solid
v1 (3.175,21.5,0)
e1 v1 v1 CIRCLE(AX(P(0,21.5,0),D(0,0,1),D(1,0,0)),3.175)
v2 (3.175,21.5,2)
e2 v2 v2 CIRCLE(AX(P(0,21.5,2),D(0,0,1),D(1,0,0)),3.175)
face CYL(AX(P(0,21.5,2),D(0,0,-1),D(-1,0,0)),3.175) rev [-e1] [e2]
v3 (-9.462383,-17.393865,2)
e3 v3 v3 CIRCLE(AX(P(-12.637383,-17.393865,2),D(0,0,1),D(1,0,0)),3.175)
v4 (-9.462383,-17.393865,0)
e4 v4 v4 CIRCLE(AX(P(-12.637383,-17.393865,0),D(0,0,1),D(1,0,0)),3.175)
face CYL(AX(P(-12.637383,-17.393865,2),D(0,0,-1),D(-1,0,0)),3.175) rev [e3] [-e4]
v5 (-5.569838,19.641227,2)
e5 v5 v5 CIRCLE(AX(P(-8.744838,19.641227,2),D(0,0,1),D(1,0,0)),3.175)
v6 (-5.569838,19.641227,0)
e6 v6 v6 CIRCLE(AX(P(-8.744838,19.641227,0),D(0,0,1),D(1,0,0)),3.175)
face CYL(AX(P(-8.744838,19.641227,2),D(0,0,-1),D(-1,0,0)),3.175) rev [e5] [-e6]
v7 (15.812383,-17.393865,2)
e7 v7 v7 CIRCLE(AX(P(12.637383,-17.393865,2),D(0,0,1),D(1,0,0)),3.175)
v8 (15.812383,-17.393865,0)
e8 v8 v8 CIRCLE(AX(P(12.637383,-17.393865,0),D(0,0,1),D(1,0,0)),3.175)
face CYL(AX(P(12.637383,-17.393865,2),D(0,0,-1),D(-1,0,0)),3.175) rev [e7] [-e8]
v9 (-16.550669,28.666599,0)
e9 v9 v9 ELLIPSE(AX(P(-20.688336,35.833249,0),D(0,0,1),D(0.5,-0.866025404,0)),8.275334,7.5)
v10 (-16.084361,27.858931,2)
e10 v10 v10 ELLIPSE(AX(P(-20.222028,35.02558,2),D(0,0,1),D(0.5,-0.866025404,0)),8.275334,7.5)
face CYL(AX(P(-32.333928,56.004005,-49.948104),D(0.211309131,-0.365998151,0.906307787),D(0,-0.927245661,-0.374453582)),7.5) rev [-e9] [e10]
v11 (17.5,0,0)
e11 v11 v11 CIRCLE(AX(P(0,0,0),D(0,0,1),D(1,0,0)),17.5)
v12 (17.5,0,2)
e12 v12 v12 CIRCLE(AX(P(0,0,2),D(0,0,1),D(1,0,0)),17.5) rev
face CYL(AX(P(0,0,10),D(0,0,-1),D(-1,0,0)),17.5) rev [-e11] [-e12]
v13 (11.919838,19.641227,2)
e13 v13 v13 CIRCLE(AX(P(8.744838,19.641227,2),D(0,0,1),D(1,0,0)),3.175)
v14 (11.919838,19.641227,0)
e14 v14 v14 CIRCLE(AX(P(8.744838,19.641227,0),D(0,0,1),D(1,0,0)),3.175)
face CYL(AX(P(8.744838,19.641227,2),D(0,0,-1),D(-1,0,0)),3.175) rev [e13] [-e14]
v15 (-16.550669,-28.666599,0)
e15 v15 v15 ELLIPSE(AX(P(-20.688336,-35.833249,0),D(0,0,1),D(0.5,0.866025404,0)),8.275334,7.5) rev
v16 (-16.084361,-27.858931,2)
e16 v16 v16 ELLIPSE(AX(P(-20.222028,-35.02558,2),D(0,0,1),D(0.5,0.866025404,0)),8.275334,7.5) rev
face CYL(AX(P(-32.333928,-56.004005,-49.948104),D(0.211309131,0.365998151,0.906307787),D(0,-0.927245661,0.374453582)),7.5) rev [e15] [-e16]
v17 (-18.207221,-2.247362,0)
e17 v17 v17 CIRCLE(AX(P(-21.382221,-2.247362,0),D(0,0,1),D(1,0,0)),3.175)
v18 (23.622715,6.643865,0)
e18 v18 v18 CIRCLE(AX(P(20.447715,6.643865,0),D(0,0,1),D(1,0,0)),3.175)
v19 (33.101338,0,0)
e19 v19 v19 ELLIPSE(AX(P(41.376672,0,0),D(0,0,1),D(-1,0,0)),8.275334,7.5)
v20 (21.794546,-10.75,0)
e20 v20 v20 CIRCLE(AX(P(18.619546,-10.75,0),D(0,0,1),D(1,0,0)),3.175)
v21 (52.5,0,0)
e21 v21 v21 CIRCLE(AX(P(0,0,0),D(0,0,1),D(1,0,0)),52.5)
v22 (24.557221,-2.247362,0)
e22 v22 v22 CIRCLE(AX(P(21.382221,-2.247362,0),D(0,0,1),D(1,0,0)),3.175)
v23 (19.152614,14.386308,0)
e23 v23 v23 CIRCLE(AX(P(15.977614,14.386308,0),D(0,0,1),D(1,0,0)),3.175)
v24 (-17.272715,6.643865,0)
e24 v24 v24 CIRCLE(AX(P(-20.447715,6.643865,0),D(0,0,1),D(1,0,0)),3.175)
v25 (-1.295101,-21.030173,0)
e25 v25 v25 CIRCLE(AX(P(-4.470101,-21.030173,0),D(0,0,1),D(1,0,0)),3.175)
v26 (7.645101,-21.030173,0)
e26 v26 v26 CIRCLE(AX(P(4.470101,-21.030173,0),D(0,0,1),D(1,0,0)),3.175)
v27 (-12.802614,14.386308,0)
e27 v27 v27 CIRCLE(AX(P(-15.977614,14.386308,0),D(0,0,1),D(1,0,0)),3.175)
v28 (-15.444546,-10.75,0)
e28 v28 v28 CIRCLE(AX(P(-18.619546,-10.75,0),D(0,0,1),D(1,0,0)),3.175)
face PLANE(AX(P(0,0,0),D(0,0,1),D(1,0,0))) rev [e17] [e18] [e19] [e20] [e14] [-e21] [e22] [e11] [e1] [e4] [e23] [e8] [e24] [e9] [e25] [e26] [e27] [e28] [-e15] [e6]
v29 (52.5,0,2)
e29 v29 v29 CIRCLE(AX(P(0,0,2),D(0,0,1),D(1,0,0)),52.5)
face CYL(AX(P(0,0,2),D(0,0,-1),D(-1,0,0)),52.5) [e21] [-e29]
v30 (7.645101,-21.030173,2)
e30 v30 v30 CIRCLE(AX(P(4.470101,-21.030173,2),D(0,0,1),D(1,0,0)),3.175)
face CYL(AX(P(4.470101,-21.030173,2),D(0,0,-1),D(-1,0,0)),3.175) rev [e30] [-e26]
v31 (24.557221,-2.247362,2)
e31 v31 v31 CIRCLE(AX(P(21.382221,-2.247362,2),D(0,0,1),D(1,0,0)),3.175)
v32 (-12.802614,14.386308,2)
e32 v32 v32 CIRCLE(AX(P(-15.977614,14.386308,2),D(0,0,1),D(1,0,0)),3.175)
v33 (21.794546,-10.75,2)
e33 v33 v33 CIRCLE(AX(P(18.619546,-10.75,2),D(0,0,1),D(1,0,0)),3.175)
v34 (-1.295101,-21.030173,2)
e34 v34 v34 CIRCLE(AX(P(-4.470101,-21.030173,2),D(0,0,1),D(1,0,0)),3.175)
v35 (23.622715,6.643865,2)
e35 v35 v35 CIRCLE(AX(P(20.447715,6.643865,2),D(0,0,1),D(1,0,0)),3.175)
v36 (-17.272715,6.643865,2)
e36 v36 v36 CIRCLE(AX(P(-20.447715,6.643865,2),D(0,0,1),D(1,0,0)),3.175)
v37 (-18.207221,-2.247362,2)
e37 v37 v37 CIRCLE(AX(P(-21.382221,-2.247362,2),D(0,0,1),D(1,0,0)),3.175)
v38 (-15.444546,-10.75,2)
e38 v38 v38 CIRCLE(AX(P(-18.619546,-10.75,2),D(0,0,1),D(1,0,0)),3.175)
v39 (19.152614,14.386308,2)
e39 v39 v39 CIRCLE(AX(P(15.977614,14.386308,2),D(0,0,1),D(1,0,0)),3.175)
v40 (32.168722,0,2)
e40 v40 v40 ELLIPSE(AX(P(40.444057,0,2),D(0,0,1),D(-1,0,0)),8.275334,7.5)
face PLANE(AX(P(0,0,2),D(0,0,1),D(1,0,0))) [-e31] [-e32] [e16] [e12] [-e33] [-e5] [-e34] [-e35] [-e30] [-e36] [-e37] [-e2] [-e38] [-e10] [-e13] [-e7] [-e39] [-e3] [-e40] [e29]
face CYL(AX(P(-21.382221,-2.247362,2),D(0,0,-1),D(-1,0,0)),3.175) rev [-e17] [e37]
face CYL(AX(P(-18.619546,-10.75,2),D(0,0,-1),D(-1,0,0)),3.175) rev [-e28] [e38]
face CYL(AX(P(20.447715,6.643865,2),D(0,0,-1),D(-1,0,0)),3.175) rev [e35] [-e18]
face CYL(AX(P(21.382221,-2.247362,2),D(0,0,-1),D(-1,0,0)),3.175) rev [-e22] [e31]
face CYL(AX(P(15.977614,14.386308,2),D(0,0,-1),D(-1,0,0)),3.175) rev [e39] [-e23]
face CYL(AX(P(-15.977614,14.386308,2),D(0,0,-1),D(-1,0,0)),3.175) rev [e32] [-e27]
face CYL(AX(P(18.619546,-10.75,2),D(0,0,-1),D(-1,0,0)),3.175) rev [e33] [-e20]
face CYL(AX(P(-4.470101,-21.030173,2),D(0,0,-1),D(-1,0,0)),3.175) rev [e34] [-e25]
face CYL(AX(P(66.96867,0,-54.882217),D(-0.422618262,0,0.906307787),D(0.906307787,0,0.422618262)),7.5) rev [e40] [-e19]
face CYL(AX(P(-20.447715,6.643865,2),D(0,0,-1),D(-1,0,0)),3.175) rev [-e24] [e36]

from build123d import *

# Parameters (mm, degrees)
SKETCH1_R           = 52.5
BOSS_EXTRUDE2_DEPTH = 2
SKETCH4_R           = 3.175
CUT_EXTRUDE2_DEPTH  = 2
SKETCH5_R           = 7.5
CUT_EXTRUDE3_DEPTH  = 102
SKETCH6_R           = 7.5
CUT_EXTRUDE4_DEPTH  = 102
SKETCH7_R           = 7.5
CUT_EXTRUDE5_DEPTH  = 102
SKETCH8_R           = 17.5
CUT_EXTRUDE6_DEPTH  = 10


with BuildPart() as part:
    # Sketch1 → Boss-Extrude2 (new body)
    with BuildSketch(Plane.XY):
        Circle(SKETCH1_R)
    extrude(amount=BOSS_EXTRUDE2_DEPTH)

    # Sketch4 → Cut-Extrude2 (cut)
    with BuildSketch(Plane.XY):
        with Locations((0, 21.5)):
            Circle(SKETCH4_R)
        with Locations((8.744837826, 19.641227339)):
            Circle(SKETCH4_R)
        with Locations((15.977613748, 14.386308037)):
            Circle(SKETCH4_R)
        with Locations((20.4477151, 6.643865379)):
            Circle(SKETCH4_R)
        with Locations((21.38222075, -2.24736196)):
            Circle(SKETCH4_R)
        with Locations((18.619546181, -10.75)):
            Circle(SKETCH4_R)
        with Locations((12.637382924, -17.393865379)):
            Circle(SKETCH4_R)
        with Locations((4.470101353, -21.030173416)):
            Circle(SKETCH4_R)
        with Locations((-4.470101353, -21.030173416)):
            Circle(SKETCH4_R)
        with Locations((-12.637382924, -17.393865379)):
            Circle(SKETCH4_R)
        with Locations((-18.619546181, -10.75)):
            Circle(SKETCH4_R)
        with Locations((-21.38222075, -2.24736196)):
            Circle(SKETCH4_R)
        with Locations((-20.4477151, 6.643865379)):
            Circle(SKETCH4_R)
        with Locations((-15.977613748, 14.386308037)):
            Circle(SKETCH4_R)
        with Locations((-8.744837826, 19.641227339)):
            Circle(SKETCH4_R)
    extrude(amount=CUT_EXTRUDE2_DEPTH, mode=Mode.SUBTRACT)

    # Sketch5 → Cut-Extrude3 (cut)
    with BuildSketch(Plane(origin=(-10.124934849, 0, 21.712992854), x_dir=(0, -1, 0), z_dir=(-0.4226182617407003, 0, 0.9063077870366496))):
        with Locations(Location((0, 37.5, 0), (0, 0, 270))):
            Circle(SKETCH5_R)
    extrude(amount=-CUT_EXTRUDE3_DEPTH, mode=Mode.SUBTRACT)

    # Sketch6 → Cut-Extrude4 (cut)
    with BuildSketch(Plane(origin=(6.212874781, 10.761014782, 26.647105929), x_dir=(0.86602540378444, -0.4999999999999977, 0), z_dir=(-0.21130913087034603, -0.36599815077066267, -0.9063077870366526))):
        with Locations(Location((0, 37.5, 0), (0, 0, 270))):
            Circle(SKETCH6_R)
    extrude(amount=CUT_EXTRUDE4_DEPTH, mode=Mode.SUBTRACT)

    # Sketch7 → Cut-Extrude5 (cut)
    with BuildSketch(Plane(origin=(6.212874781, -10.761014782, 26.647105929), x_dir=(0.8660254037844399, 0.4999999999999978, 0), z_dir=(0.2113091308703492, -0.36599815077066805, 0.9063077870366496))):
        with Locations(Location((0, 37.5, 0), (0, 0, 270))):
            Circle(SKETCH7_R)
    extrude(amount=-CUT_EXTRUDE5_DEPTH, mode=Mode.SUBTRACT)

    # Sketch8 → Cut-Extrude6 (cut)
    with BuildSketch(Plane.XY):
        Circle(SKETCH8_R)
    extrude(amount=CUT_EXTRUDE6_DEPTH, mode=Mode.SUBTRACT)


solid = part.part
